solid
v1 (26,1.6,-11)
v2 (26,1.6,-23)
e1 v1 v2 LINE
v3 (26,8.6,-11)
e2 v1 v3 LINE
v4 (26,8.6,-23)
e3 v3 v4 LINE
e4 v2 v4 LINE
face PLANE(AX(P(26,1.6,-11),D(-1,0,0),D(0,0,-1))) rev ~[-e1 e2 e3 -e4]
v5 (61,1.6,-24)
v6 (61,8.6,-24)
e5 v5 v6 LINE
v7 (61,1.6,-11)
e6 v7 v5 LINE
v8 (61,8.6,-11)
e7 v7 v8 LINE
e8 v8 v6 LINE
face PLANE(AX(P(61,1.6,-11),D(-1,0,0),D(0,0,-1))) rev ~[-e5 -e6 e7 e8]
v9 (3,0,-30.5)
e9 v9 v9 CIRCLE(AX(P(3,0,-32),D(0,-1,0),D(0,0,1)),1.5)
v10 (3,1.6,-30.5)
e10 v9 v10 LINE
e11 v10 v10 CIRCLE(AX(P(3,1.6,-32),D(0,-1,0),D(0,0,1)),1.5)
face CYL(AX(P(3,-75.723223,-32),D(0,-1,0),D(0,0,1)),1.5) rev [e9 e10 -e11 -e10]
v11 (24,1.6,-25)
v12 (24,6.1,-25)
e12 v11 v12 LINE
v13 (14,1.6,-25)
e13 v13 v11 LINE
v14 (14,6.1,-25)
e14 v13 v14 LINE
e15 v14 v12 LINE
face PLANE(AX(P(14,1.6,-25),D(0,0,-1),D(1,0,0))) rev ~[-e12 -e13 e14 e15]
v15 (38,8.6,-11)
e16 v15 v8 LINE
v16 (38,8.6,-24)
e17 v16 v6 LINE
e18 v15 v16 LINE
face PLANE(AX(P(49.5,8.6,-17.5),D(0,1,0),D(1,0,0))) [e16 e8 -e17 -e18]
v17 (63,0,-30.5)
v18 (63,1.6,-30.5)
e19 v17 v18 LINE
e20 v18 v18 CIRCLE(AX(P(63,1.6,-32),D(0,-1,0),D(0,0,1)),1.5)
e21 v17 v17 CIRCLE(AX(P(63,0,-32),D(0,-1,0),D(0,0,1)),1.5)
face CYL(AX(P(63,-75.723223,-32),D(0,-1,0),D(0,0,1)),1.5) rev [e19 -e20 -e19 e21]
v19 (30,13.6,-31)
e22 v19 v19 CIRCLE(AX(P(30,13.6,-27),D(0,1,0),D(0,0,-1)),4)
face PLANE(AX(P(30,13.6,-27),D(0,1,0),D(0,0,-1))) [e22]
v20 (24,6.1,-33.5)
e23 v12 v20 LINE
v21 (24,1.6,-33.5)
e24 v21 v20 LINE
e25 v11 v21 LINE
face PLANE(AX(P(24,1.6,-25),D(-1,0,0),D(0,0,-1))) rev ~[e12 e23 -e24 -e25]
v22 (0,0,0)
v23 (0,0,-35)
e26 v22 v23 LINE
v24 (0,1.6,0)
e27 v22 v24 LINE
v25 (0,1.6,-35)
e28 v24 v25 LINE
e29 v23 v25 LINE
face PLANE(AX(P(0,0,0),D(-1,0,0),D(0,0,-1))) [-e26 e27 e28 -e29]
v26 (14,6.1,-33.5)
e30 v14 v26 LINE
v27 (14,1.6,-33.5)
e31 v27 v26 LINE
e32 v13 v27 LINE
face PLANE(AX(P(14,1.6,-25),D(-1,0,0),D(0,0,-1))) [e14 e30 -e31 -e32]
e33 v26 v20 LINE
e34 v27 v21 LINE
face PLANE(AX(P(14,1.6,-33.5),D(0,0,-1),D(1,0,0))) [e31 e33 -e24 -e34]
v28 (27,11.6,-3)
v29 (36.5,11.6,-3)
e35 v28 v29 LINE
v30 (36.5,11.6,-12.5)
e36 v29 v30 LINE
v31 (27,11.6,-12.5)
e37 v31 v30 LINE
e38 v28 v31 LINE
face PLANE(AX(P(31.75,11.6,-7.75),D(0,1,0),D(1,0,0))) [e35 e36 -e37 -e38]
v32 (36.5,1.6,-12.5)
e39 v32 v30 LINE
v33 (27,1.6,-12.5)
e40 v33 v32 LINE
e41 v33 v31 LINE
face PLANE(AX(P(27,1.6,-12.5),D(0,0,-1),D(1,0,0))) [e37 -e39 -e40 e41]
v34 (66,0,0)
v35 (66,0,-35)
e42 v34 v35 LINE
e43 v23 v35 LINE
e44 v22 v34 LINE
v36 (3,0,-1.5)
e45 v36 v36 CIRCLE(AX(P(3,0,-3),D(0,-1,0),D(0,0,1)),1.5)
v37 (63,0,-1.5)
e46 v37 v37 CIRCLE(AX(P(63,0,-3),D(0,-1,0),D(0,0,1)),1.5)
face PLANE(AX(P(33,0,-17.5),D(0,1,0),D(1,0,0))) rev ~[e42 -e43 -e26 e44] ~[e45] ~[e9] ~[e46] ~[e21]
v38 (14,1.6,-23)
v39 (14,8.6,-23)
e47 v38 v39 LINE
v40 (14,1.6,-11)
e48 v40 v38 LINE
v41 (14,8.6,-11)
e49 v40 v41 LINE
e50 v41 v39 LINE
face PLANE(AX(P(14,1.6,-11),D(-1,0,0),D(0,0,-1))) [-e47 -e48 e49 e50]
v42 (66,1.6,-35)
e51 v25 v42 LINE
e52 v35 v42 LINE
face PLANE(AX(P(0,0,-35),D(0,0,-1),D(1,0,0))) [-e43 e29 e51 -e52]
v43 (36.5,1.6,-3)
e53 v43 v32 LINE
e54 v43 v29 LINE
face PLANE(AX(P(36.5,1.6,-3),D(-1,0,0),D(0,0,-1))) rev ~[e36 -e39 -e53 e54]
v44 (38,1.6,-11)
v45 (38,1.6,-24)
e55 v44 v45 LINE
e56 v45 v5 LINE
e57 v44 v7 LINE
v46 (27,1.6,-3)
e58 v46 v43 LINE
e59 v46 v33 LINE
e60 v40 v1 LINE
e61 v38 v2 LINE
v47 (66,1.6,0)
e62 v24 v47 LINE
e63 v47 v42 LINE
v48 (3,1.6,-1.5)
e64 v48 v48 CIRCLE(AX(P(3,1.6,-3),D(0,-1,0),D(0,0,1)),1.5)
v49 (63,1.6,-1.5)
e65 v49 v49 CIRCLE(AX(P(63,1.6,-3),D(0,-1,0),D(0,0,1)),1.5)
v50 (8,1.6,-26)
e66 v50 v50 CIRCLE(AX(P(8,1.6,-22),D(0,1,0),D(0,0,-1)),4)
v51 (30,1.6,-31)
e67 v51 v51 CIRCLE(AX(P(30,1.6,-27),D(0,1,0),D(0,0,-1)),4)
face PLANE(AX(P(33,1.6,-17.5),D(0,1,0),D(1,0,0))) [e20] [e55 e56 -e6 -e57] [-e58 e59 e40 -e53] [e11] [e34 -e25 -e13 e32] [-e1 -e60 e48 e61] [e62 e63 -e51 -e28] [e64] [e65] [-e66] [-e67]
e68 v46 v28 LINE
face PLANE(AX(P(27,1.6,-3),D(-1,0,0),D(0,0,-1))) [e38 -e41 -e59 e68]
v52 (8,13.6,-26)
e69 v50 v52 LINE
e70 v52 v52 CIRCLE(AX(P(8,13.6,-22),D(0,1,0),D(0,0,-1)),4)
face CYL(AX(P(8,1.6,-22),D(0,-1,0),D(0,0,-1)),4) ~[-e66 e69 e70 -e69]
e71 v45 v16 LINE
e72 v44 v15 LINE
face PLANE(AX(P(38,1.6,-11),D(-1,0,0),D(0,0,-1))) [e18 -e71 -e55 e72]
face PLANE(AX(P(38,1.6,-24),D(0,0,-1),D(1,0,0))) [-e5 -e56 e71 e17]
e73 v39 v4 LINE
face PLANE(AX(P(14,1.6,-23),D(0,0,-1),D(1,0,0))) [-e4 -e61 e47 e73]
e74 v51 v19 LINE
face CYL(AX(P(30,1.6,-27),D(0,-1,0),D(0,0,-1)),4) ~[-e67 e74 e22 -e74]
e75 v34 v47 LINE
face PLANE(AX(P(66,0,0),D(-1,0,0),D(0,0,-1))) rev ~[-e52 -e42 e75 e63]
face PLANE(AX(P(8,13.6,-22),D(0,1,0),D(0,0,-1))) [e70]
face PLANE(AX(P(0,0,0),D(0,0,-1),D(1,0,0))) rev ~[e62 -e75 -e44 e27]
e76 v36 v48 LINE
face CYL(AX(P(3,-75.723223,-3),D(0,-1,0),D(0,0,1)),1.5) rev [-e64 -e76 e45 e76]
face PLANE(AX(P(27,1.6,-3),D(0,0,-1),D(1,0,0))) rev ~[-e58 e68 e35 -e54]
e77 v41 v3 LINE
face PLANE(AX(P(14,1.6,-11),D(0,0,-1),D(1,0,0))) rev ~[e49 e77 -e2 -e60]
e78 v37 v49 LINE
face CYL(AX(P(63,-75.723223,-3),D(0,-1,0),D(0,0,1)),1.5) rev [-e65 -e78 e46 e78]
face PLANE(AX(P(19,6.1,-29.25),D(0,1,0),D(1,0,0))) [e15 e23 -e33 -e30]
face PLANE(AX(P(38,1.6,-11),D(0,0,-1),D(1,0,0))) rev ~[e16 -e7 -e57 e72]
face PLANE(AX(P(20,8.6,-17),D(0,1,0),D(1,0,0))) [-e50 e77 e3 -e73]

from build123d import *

# Parameters (mm, degrees)
SKETCH1_W               = 66
SKETCH1_H               = 35
PCB_DEPTH               = 1.6
MOUNT_HOLE_1_DEPTH      = 75.723222629
MOUNT_HOLE_1_DEPTH_BACK = 75.723222629
SKETCH2_R               = 1.5
MOUNT_HOLE_2_DEPTH      = 75.723222629
MOUNT_HOLE_2_DEPTH_BACK = 75.723222629
SKETCH3_R               = 1.5
MOUNT_HOLE_3_DEPTH      = 75.723222629
MOUNT_HOLE_3_DEPTH_BACK = 75.723222629
SKETCH4_R               = 1.5
MOUNT_HOLE_4_DEPTH      = 75.723222629
MOUNT_HOLE_4_DEPTH_BACK = 75.723222629
SKETCH5_R               = 1.5
VOLTMETER_DISPLAY_START = 1.6
SKETCH6_W               = 23
SKETCH6_H               = 13
VOLTMETER_DISPLAY_DEPTH = 7
INDUCTOR_START          = 1.6
SKETCH7_W               = 12
SKETCH7_H               = 12
INDUCTOR_DEPTH          = 7
CAP_IN_START            = 1.6
SKETCH8_R               = 4
CAP_IN_DEPTH            = 12
CAP_OUT_START           = 1.6
SKETCH9_R               = 4
CAP_OUT_DEPTH           = 12
TRIM_POT_START          = 1.6
SKETCH10_W              = 9.5
SKETCH10_H              = 9.5
TRIM_POT_DEPTH          = 10
LM2596_START            = 1.6
SKETCH11_W              = 10
SKETCH11_H              = 8.5
LM2596_DEPTH            = 4.5


with BuildPart() as part:
    # Sketch1 → PCB (new body)
    with BuildSketch(Plane(origin=(0, 0, 0), x_dir=(1, 0, 0), z_dir=(0, 1, 0))):
        with Locations((33, 17.5)):
            Rectangle(SKETCH1_W, SKETCH1_H)
    extrude(amount=PCB_DEPTH)

    # Sketch2 → Mount_hole_1 (cut, two sides: drawn at the far end of the back side and taken through both)
    with BuildSketch(Plane(origin=(0, 0, 0), x_dir=(1, 0, 0), z_dir=(0, 1, 0)).offset(-MOUNT_HOLE_1_DEPTH_BACK)):
        with Locations(Location((3, 3, 0), (0, 0, 270))):
            Circle(SKETCH2_R)
    extrude(amount=MOUNT_HOLE_1_DEPTH + MOUNT_HOLE_1_DEPTH_BACK, mode=Mode.SUBTRACT)

    # Sketch3 → Mount_hole_2 (cut, two sides: drawn at the far end of the back side and taken through both)
    with BuildSketch(Plane(origin=(0, 0, 0), x_dir=(1, 0, 0), z_dir=(0, 1, 0)).offset(-MOUNT_HOLE_2_DEPTH_BACK)):
        with Locations(Location((63, 3, 0), (0, 0, 270))):
            Circle(SKETCH3_R)
    extrude(amount=MOUNT_HOLE_2_DEPTH + MOUNT_HOLE_2_DEPTH_BACK, mode=Mode.SUBTRACT)

    # Sketch4 → Mount_hole_3 (cut, two sides: drawn at the far end of the back side and taken through both)
    with BuildSketch(Plane(origin=(0, 0, 0), x_dir=(1, 0, 0), z_dir=(0, 1, 0)).offset(-MOUNT_HOLE_3_DEPTH_BACK)):
        with Locations(Location((3, 32, 0), (0, 0, 270))):
            Circle(SKETCH4_R)
    extrude(amount=MOUNT_HOLE_3_DEPTH + MOUNT_HOLE_3_DEPTH_BACK, mode=Mode.SUBTRACT)

    # Sketch5 → Mount_hole_4 (cut, two sides: drawn at the far end of the back side and taken through both)
    with BuildSketch(Plane(origin=(0, 0, 0), x_dir=(1, 0, 0), z_dir=(0, 1, 0)).offset(-MOUNT_HOLE_4_DEPTH_BACK)):
        with Locations(Location((63, 32, 0), (0, 0, 270))):
            Circle(SKETCH5_R)
    extrude(amount=MOUNT_HOLE_4_DEPTH + MOUNT_HOLE_4_DEPTH_BACK, mode=Mode.SUBTRACT)

    # Sketch6 → Voltmeter_display (add)
    with BuildSketch(Plane(origin=(0, 0, 0), x_dir=(1, 0, 0), z_dir=(0, 1, 0)).offset(VOLTMETER_DISPLAY_START)):
        with Locations((49.5, 17.5)):
            Rectangle(SKETCH6_W, SKETCH6_H)
    extrude(amount=VOLTMETER_DISPLAY_DEPTH)

    # Sketch7 → Inductor (add)
    with BuildSketch(Plane(origin=(0, 0, 0), x_dir=(1, 0, 0), z_dir=(0, 1, 0)).offset(INDUCTOR_START)):
        with Locations((20, 17)):
            Rectangle(SKETCH7_W, SKETCH7_H)
    extrude(amount=INDUCTOR_DEPTH)

    # Sketch8 → Cap_in (add)
    with BuildSketch(Plane(origin=(0, 0, 0), x_dir=(1, 0, 0), z_dir=(0, 1, 0)).offset(CAP_IN_START)):
        with Locations(Location((8, 22, 0), (0, 0, 90))):
            Circle(SKETCH8_R)
    extrude(amount=CAP_IN_DEPTH)

    # Sketch9 → Cap_out (add)
    with BuildSketch(Plane(origin=(0, 0, 0), x_dir=(1, 0, 0), z_dir=(0, 1, 0)).offset(CAP_OUT_START)):
        with Locations(Location((30, 27, 0), (0, 0, 90))):
            Circle(SKETCH9_R)
    extrude(amount=CAP_OUT_DEPTH)

    # Sketch10 → Trim_pot (add)
    with BuildSketch(Plane(origin=(0, 0, 0), x_dir=(1, 0, 0), z_dir=(0, 1, 0)).offset(TRIM_POT_START)):
        with Locations((31.75, 7.75)):
            Rectangle(SKETCH10_W, SKETCH10_H)
    extrude(amount=TRIM_POT_DEPTH)

    # Sketch11 → LM2596 (add)
    with BuildSketch(Plane(origin=(0, 0, 0), x_dir=(1, 0, 0), z_dir=(0, 1, 0)).offset(LM2596_START)):
        with Locations((19, 29.25)):
            Rectangle(SKETCH11_W, SKETCH11_H)
    extrude(amount=LM2596_DEPTH)


solid = part.part
